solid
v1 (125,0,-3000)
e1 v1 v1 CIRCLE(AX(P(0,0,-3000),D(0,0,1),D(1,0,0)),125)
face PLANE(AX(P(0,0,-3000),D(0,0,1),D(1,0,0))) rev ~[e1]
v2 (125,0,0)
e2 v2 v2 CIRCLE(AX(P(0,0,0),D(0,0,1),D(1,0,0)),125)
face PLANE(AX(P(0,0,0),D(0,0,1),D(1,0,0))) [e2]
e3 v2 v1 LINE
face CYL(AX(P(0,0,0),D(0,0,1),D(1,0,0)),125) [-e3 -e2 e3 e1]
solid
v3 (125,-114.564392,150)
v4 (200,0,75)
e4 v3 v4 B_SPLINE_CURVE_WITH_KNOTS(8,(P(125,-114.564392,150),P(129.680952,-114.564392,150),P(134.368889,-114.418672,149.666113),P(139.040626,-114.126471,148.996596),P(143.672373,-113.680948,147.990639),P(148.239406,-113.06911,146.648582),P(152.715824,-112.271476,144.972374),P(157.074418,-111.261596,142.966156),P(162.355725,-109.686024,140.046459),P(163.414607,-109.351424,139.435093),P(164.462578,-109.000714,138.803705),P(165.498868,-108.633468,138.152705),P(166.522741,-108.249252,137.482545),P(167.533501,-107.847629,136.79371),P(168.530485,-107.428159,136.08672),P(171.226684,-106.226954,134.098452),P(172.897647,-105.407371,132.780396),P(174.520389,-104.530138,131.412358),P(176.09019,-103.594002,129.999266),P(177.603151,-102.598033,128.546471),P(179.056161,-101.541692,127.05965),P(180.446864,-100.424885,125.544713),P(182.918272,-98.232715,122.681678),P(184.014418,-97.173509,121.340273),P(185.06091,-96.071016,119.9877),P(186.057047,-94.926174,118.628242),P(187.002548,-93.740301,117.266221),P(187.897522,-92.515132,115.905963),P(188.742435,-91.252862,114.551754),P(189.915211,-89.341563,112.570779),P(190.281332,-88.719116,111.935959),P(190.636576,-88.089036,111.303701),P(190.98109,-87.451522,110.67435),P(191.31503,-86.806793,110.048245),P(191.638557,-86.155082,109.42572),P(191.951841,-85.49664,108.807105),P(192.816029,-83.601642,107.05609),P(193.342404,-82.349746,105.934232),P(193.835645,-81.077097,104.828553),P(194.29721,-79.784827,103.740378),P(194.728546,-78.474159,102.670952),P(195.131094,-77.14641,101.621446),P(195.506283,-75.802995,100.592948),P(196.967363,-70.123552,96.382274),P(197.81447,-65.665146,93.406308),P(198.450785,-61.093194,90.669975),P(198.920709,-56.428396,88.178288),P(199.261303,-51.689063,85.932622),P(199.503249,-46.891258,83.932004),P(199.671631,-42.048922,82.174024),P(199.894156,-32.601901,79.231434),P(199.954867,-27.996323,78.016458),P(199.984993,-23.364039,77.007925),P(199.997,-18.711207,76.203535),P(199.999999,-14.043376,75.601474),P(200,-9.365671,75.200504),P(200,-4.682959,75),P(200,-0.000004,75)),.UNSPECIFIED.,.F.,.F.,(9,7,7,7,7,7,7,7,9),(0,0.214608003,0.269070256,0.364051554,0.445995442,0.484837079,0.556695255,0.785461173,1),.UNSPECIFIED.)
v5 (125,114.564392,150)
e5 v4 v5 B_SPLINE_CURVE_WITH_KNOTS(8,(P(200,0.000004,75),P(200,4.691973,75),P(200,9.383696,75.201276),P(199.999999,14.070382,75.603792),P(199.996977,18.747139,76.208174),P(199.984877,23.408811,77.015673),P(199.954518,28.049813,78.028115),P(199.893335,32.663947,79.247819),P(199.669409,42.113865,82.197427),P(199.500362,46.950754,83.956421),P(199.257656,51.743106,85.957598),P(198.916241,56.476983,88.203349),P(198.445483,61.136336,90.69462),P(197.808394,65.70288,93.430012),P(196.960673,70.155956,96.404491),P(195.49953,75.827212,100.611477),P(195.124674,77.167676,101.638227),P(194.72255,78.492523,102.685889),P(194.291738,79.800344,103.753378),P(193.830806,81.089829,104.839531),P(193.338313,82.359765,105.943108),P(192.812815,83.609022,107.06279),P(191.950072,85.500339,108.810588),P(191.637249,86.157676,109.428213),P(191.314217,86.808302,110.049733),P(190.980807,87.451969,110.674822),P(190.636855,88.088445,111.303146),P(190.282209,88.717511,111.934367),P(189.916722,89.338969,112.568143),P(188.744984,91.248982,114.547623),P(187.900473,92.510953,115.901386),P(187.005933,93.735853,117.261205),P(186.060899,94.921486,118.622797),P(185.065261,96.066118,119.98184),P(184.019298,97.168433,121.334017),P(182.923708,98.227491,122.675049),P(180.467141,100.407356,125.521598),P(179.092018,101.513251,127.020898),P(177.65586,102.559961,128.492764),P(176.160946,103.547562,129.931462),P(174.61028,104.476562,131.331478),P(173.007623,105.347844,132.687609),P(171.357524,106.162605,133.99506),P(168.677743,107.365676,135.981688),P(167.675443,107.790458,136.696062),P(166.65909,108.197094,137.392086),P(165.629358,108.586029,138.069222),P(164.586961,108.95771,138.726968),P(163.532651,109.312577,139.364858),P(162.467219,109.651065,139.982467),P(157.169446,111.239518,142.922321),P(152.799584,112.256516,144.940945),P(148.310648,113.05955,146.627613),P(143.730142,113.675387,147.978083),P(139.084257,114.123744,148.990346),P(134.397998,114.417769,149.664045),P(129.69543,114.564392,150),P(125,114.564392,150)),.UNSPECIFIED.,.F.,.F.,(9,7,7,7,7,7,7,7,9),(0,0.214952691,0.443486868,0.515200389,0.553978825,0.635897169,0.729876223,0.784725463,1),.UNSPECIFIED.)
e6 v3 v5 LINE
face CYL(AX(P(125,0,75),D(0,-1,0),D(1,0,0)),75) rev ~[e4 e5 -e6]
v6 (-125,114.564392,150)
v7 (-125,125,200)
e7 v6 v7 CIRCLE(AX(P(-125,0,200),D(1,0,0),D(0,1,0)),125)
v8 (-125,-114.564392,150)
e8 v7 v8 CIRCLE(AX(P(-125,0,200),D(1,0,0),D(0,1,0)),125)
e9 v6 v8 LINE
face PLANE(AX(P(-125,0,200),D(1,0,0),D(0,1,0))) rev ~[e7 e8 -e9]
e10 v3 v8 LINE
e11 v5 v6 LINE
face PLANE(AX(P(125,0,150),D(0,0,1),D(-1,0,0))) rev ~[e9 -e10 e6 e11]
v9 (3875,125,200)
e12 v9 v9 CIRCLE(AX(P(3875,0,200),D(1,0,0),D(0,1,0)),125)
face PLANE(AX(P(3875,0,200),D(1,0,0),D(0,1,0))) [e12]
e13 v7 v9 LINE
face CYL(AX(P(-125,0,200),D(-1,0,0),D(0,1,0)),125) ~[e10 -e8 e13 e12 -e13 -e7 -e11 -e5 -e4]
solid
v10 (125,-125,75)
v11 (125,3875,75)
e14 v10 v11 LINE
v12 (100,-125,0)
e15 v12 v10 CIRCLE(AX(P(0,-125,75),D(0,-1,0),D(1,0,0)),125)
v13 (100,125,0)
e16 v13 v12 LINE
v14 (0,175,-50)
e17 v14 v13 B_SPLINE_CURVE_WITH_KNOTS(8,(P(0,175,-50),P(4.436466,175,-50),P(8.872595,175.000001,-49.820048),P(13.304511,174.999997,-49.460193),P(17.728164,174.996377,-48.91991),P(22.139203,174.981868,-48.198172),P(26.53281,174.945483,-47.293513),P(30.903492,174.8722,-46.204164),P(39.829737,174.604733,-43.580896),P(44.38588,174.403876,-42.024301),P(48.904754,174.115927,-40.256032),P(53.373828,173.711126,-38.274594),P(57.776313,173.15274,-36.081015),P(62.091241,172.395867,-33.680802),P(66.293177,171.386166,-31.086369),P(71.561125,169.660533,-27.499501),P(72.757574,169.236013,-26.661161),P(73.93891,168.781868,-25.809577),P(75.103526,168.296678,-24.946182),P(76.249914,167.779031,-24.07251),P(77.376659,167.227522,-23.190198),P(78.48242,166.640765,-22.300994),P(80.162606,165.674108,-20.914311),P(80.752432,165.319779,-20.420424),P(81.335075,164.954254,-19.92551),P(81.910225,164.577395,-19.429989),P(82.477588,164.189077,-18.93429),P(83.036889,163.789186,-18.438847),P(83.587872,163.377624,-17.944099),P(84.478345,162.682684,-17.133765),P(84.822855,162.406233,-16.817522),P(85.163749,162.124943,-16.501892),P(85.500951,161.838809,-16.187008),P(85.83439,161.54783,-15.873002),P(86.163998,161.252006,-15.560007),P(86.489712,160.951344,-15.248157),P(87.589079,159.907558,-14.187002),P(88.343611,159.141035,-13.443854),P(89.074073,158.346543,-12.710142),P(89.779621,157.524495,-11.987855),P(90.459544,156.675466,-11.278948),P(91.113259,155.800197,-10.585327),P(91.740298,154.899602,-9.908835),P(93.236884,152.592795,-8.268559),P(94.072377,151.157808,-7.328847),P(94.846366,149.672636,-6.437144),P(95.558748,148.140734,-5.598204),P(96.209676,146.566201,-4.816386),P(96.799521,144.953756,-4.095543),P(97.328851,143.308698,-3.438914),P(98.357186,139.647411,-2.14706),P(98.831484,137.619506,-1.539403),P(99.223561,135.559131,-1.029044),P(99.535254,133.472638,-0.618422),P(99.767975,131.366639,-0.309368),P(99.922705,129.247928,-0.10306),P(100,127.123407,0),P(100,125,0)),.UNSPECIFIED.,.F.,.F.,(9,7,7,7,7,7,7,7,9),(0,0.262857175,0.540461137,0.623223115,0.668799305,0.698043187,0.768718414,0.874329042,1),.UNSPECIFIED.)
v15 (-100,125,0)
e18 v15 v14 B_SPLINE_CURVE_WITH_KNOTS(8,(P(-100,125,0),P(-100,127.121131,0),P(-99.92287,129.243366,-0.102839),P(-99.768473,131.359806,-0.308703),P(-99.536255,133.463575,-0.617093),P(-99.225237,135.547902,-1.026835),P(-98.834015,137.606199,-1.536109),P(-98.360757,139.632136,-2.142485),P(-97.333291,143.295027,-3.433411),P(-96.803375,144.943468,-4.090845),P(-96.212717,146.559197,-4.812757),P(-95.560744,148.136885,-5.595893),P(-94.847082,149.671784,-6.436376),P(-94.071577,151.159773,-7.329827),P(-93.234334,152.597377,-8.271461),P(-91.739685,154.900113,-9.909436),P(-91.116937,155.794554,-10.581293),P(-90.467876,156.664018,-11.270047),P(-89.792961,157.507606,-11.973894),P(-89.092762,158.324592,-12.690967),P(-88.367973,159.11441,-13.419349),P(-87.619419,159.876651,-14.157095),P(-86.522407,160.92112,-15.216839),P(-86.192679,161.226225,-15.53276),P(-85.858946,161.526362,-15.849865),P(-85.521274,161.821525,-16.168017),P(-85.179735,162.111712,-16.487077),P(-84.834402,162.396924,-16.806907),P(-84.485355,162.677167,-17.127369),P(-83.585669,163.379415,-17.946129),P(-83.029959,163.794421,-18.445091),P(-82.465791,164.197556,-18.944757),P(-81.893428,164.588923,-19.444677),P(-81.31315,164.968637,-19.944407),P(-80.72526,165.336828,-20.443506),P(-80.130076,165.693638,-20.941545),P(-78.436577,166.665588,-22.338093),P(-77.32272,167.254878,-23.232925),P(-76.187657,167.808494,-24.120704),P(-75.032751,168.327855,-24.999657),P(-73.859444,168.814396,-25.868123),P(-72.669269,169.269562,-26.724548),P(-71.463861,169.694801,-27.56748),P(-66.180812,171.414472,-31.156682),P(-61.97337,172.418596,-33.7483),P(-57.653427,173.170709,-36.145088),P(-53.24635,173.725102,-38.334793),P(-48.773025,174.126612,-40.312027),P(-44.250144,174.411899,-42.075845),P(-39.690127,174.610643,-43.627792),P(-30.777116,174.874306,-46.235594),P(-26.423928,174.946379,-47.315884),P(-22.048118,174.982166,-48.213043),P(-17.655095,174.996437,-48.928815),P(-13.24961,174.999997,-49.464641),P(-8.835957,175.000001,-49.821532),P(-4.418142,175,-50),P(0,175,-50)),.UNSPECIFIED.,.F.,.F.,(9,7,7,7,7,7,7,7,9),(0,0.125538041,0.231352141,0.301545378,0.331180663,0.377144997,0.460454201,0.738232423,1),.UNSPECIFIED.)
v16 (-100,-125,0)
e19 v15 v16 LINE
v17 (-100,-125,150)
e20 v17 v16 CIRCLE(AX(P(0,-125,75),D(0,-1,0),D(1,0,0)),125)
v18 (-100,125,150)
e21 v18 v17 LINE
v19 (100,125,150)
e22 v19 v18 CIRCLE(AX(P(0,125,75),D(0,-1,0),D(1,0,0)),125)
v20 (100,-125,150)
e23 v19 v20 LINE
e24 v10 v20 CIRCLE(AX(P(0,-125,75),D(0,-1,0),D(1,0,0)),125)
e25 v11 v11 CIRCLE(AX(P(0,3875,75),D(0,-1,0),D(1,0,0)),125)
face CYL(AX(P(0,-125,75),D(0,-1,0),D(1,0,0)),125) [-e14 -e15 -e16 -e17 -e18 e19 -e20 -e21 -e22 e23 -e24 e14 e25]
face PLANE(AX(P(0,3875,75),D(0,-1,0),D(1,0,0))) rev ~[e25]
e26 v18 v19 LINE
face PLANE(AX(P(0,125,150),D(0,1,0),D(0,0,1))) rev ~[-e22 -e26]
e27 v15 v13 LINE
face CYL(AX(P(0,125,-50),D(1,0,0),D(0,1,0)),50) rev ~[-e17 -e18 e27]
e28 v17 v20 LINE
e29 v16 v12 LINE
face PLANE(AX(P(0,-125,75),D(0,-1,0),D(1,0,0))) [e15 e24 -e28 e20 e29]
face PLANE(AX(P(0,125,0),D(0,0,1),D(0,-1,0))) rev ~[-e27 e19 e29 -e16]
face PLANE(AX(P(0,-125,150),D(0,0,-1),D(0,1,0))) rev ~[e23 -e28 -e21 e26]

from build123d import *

# Parameters (mm, degrees)
F0_R      = 125
F1_DEPTH  = 3000
F3_R      = 125
F4_DEPTH  = 4000
F6_DEPTH  = 200
F8_R      = 125
F9_DEPTH  = 4000
F11_DEPTH = 200


with BuildPart() as f1:
    # F0 (on Top) → F1 (new body)
    with BuildSketch(Plane.XY):
        Circle(F0_R)
    extrude(amount=-F1_DEPTH)


with BuildPart() as f4:
    # F3 (on offset) → F4 (new body)
    with BuildSketch(Plane.XZ.offset(125)):
        with Locations((0, 75)):
            Circle(F3_R)
    extrude(amount=-F4_DEPTH)

    # F5 (on Right) → F6 (cut, symmetric)
    with BuildSketch(Plane.YZ):
        with BuildLine():
            ThreePointArc((175, -50), (160.3553390593, -14.6446609407), (125, 0))
            Line((125, 0), (-125, 0))
            Line((-125, 0), (-125, 150))
            Line((-125, 150), (125, 150))
            Line((125, 150), (125, 250))
            Line((125, 250), (-212.5116288662, 250))
            Line((-212.5116288662, 250), (-212.5116288662, -100))
            Line((-212.5116288662, -100), (216.5246456861, -100))
            Line((216.5246456861, -100), (216.5246456861, -50))
            Line((216.5246456861, -50), (175, -50))
        make_face()
    extrude(amount=F6_DEPTH, both=True, mode=Mode.SUBTRACT)


with BuildPart() as f9:
    # F8 (on offset) → F9 (new body)
    with BuildSketch(Plane.YZ.offset(-125)):
        with Locations((0, 200)):
            Circle(F8_R)
    extrude(amount=F9_DEPTH)

    # F10 (on Front) → F11 (cut, symmetric)
    with BuildSketch(Plane.XZ):
        with BuildLine():
            Line((125, 150), (-125, 150))
            Line((-125, 150), (-125, 75))
            Line((-125, 75), (200, 75))
            ThreePointArc((200, 75), (178.033008589, 128.033008589), (125, 150))
        make_face()
    extrude(amount=F11_DEPTH, both=True, mode=Mode.SUBTRACT)


solid = Compound([f1.part, f4.part, f9.part])
